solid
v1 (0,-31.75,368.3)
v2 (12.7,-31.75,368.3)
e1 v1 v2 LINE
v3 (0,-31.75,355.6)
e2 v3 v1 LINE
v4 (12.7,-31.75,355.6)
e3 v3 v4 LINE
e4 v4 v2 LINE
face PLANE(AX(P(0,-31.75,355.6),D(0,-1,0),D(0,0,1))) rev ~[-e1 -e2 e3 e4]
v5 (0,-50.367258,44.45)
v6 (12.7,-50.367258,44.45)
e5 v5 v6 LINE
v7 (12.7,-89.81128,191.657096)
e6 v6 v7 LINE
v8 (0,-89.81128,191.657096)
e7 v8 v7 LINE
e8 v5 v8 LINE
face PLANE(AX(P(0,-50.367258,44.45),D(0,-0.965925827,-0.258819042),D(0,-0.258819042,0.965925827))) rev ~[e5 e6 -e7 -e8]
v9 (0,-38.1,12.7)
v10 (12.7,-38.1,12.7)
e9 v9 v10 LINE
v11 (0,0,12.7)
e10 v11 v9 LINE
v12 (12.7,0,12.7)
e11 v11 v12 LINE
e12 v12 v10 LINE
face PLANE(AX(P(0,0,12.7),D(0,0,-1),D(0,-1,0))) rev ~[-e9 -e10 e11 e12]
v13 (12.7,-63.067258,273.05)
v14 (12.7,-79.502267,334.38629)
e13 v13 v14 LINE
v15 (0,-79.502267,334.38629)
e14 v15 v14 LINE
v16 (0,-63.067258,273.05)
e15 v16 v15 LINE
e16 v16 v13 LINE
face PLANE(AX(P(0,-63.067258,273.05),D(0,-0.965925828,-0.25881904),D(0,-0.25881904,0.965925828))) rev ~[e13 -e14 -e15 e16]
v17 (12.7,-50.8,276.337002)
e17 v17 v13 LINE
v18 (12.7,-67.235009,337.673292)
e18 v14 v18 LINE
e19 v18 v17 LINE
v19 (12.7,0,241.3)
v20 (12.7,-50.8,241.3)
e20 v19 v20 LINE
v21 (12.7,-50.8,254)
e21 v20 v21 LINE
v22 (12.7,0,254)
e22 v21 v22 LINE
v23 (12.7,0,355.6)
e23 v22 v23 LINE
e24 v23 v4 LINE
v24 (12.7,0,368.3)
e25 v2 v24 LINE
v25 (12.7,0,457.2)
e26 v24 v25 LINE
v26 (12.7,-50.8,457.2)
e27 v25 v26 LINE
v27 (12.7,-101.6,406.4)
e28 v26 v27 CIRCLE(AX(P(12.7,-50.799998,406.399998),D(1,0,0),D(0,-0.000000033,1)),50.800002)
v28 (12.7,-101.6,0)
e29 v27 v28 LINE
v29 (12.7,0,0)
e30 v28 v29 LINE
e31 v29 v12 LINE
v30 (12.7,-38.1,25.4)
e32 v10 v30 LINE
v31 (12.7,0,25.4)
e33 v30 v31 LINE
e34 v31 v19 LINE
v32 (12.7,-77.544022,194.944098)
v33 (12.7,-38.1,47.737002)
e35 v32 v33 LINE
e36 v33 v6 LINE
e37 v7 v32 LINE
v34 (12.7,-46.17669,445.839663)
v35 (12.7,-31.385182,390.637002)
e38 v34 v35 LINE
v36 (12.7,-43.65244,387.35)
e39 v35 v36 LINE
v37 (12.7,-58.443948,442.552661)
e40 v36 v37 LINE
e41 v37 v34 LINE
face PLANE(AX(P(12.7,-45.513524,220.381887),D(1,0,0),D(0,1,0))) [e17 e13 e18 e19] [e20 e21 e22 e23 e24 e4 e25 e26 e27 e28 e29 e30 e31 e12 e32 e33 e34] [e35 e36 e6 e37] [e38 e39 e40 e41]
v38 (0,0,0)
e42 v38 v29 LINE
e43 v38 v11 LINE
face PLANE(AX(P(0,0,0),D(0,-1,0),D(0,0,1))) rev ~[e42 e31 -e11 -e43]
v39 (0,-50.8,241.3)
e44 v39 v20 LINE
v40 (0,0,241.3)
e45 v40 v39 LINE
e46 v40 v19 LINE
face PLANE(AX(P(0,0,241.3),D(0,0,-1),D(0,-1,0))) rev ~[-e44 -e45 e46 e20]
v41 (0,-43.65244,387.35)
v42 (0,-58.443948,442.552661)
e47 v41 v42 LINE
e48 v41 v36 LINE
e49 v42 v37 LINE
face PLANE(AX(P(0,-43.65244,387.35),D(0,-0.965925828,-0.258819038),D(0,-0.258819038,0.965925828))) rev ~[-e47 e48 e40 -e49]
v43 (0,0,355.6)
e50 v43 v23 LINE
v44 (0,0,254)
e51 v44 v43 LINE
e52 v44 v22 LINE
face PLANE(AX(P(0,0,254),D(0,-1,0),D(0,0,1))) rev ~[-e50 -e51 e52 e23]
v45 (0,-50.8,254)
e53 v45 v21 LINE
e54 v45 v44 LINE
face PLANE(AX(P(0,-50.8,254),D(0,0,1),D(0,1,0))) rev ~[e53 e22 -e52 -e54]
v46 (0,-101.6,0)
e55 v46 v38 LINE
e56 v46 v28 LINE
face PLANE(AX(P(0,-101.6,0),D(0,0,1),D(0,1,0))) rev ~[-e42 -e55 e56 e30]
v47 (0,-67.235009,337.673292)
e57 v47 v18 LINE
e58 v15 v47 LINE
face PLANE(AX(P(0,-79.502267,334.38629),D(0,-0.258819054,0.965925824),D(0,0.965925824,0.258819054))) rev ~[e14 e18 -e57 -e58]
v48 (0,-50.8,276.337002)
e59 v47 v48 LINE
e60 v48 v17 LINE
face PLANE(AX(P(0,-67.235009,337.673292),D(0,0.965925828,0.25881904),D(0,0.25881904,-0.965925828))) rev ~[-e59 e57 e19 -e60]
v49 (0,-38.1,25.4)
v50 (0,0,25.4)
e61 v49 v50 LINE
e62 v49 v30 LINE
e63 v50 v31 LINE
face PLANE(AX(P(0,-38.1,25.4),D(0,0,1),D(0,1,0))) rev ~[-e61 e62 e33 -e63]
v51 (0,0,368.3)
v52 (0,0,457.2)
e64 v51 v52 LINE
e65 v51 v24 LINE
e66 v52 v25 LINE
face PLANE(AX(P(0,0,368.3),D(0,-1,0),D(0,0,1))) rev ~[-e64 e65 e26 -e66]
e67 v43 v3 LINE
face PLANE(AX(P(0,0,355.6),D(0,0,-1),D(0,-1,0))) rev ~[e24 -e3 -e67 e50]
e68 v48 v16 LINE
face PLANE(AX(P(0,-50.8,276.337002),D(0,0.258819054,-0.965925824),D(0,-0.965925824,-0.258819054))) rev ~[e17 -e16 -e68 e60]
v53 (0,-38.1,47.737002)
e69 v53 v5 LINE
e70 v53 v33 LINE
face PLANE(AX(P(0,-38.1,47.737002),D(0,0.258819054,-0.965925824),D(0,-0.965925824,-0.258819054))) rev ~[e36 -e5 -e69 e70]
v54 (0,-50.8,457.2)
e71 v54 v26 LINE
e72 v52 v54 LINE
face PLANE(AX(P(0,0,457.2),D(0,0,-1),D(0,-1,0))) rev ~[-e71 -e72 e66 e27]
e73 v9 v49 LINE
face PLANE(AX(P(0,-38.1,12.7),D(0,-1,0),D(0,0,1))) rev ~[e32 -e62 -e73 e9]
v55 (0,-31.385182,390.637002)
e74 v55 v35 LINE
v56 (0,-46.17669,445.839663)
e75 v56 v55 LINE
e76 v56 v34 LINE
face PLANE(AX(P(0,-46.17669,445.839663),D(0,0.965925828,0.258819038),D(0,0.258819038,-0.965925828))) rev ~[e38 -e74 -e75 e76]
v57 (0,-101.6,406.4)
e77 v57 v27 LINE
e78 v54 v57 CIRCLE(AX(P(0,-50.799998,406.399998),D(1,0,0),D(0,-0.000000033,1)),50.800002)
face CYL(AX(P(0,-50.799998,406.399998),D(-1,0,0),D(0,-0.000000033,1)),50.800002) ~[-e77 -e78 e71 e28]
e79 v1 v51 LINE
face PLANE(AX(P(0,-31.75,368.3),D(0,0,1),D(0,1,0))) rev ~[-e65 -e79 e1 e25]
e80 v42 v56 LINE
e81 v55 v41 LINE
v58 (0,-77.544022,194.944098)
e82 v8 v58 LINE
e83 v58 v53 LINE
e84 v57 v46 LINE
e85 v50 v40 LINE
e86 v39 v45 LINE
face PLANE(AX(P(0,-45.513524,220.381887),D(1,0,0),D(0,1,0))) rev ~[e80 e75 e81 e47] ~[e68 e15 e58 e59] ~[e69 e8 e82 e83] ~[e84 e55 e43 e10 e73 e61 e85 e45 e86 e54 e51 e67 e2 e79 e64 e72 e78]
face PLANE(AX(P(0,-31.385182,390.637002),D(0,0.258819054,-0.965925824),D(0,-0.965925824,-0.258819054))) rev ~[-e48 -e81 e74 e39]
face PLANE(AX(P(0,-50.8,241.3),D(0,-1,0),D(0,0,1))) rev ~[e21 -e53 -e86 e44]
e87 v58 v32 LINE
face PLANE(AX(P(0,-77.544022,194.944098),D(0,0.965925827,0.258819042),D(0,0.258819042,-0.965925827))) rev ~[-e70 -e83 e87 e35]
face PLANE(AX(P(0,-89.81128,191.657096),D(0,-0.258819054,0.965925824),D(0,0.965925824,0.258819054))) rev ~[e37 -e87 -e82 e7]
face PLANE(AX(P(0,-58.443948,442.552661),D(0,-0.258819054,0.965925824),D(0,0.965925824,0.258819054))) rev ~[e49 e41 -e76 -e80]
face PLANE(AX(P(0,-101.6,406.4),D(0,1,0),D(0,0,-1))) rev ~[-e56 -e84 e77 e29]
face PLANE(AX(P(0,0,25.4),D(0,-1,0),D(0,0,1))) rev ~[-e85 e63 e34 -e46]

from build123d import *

# Parameters (mm, degrees)
F1_DEPTH = 12.7


with BuildPart() as f1:
    # F0 (on Right) → F1 (new body)
    with BuildSketch(Plane.YZ):
        with BuildLine():
            Line((-101.6, 0), (0, 0))
            Line((0, 0), (0, 12.7))
            Line((0, 12.7), (-38.1, 12.7))
            Line((-38.1, 12.7), (-38.1, 25.4))
            Line((-38.1, 25.4), (0, 25.4))
            Line((0, 25.4), (0, 241.3))
            Line((0, 241.3), (-50.8, 241.3))
            Line((-50.8, 241.3), (-50.8, 254))
            Line((-50.8, 254), (0, 254))
            Line((0, 254), (0, 355.6))
            Line((0, 355.6), (-31.75, 355.6))
            Line((-31.75, 355.6), (-31.75, 368.3))
            Line((-31.75, 368.3), (0, 368.3))
            Line((0, 368.3), (0, 457.2))
            Line((0, 457.2), (-50.8, 457.2))
            ThreePointArc((-50.8, 457.2), (-86.721024, 442.321024), (-101.6, 406.4))
            Line((-101.6, 406.4), (-101.6, 0))
        make_face()
        Polygon((-77.544022, 194.944098), (-38.1, 47.737002), (-50.367258, 44.45), (-89.81128, 191.657096), align=None, mode=Mode.SUBTRACT)
        Polygon((-63.067258, 273.05), (-79.502267, 334.38629), (-67.235009, 337.673292), (-50.8, 276.337002), align=None, mode=Mode.SUBTRACT)
        Polygon((-43.65244, 387.35), (-58.443948, 442.552661), (-46.17669, 445.839663), (-31.385182, 390.637002), align=None, mode=Mode.SUBTRACT)
    extrude(amount=F1_DEPTH)


solid = f1.part
